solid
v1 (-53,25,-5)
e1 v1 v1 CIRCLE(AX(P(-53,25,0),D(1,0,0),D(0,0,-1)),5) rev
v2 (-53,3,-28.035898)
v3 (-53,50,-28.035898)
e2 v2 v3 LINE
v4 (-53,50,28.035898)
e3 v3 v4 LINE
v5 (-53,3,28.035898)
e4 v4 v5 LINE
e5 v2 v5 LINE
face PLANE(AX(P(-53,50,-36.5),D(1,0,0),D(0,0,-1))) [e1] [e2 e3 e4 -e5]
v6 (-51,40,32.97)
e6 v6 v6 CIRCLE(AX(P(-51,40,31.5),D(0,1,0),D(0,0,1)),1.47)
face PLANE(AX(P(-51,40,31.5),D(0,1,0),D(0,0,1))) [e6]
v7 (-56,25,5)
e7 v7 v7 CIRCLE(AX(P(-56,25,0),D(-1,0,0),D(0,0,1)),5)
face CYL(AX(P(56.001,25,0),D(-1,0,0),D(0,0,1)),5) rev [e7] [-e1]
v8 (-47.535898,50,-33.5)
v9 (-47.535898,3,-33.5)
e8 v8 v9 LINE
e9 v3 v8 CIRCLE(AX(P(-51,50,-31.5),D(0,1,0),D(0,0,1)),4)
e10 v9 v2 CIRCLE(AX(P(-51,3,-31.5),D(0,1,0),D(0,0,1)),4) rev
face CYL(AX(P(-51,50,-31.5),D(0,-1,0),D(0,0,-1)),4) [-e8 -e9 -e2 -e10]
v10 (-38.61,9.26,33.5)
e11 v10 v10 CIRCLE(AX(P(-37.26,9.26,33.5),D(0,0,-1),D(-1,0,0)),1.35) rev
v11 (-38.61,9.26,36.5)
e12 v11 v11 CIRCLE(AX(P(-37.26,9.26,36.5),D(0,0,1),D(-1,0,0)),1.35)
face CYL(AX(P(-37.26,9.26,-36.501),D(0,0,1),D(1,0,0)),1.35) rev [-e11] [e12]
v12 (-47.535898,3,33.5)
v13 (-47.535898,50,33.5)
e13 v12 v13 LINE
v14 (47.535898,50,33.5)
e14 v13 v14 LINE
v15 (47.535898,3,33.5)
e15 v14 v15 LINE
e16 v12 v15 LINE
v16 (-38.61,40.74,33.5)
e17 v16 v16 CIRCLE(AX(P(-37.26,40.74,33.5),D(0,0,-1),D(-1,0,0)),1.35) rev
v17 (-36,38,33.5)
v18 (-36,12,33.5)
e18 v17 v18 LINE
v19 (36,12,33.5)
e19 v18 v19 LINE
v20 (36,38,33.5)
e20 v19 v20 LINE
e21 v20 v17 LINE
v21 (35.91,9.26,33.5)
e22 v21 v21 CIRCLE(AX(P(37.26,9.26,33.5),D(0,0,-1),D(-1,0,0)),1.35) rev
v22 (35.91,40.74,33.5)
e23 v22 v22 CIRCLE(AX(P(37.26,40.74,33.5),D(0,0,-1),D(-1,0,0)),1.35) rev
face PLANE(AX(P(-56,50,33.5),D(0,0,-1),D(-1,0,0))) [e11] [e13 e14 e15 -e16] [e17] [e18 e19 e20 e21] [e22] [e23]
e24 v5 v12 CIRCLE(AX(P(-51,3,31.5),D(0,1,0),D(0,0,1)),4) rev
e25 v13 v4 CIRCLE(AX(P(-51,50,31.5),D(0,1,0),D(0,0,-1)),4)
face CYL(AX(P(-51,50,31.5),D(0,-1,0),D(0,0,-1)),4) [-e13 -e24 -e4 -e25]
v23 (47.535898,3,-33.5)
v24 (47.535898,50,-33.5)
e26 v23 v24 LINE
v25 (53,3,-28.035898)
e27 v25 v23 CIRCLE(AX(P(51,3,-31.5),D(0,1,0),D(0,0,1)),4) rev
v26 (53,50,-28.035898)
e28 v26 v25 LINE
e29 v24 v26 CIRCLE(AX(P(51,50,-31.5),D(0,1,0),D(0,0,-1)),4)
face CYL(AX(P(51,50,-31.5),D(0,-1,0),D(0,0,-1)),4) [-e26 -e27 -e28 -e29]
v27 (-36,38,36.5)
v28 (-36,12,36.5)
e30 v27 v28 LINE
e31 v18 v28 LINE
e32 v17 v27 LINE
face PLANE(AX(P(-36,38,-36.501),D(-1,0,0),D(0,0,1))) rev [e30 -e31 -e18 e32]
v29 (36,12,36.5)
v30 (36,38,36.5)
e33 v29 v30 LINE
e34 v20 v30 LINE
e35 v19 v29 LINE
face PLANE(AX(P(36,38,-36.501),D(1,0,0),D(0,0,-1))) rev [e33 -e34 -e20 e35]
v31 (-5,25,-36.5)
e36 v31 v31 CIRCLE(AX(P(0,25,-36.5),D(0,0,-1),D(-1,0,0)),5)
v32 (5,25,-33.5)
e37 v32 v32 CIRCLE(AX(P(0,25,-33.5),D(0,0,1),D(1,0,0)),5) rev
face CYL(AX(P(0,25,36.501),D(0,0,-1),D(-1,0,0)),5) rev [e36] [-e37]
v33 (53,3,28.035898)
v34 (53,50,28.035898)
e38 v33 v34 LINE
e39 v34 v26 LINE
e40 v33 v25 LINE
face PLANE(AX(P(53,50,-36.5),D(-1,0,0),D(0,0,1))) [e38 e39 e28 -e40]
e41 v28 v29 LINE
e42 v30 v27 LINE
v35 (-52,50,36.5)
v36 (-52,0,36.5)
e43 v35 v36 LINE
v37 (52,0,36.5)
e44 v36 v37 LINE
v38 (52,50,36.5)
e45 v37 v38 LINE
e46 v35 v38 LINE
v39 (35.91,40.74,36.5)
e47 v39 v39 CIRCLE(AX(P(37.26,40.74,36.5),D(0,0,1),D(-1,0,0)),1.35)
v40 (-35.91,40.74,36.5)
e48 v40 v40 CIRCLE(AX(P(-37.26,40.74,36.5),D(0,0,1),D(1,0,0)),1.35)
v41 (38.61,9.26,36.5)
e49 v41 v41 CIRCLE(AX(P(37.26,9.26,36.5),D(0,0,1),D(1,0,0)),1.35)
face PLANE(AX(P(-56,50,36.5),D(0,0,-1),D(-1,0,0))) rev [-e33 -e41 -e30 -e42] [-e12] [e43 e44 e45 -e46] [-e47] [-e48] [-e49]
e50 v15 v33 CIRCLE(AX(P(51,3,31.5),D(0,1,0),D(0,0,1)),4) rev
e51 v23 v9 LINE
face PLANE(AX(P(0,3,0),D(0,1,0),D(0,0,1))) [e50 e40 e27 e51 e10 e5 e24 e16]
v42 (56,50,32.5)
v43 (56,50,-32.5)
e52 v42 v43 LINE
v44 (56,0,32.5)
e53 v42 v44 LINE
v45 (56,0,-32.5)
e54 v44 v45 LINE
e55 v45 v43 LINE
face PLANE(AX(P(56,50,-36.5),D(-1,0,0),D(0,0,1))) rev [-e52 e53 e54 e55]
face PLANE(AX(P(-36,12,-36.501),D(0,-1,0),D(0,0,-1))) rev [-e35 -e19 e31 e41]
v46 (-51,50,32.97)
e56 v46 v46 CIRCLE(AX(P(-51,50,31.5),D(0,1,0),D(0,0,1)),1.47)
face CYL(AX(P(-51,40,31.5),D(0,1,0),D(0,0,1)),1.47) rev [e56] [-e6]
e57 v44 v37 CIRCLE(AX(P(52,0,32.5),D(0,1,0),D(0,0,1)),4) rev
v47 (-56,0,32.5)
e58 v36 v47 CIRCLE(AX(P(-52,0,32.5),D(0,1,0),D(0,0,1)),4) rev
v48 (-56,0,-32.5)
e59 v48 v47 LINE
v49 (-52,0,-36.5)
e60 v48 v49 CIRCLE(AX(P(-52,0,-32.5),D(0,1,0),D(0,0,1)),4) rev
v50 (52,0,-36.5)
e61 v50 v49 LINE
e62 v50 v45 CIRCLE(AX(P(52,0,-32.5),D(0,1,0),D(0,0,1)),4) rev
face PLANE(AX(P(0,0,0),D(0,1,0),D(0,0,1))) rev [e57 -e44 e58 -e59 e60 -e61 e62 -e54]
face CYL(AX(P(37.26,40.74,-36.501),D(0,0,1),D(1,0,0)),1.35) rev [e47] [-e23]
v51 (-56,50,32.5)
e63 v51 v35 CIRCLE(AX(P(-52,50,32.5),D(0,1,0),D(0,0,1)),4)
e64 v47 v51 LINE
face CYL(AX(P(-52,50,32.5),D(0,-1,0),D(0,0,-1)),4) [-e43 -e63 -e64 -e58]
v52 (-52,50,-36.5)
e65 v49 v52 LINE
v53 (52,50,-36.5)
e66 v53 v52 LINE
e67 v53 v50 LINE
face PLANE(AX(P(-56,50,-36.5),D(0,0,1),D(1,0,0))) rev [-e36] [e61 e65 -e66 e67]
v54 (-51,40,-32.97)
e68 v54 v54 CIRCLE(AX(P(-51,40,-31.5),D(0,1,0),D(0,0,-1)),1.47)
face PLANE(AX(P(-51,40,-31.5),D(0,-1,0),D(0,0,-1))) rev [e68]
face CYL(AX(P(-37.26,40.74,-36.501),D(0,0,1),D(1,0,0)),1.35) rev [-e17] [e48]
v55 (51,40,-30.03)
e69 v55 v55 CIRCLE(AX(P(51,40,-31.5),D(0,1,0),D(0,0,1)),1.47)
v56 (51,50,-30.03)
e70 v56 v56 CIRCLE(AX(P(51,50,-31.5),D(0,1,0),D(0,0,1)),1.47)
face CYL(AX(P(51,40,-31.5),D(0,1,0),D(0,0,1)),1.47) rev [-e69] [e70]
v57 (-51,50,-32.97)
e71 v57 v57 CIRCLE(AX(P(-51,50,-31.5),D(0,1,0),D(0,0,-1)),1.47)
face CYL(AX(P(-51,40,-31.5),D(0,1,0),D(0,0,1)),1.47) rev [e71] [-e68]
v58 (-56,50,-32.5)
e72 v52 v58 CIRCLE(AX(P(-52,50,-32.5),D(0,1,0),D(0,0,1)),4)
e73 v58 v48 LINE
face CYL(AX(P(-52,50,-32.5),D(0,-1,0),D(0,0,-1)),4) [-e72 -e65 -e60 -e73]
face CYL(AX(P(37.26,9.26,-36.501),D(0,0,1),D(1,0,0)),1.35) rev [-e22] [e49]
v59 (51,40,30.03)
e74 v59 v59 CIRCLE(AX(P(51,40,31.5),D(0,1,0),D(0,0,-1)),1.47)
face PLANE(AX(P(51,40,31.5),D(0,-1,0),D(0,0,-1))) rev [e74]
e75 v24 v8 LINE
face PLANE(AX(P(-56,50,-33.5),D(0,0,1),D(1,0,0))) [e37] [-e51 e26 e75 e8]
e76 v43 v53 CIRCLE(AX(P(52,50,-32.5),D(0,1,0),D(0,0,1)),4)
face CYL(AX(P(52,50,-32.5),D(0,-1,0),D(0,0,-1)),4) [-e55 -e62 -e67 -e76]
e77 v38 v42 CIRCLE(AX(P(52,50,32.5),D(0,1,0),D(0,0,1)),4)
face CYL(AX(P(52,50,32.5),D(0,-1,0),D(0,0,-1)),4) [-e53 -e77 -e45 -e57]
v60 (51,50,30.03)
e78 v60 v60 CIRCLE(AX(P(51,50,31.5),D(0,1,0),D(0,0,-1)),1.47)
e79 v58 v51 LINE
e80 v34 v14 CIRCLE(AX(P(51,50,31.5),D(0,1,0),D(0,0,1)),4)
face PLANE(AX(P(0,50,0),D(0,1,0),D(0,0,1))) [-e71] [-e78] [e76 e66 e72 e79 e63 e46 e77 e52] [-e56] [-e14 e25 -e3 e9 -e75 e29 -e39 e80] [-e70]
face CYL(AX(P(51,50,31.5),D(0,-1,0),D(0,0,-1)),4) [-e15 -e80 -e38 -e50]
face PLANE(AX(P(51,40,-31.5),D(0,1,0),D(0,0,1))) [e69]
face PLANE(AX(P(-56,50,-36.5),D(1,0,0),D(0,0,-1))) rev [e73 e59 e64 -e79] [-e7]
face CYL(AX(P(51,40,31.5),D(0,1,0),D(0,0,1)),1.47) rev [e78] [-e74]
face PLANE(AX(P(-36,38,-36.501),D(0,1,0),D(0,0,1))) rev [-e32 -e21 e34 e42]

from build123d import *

# Parameters (mm, degrees)
SKETCH2_W           = 112
SKETCH2_H           = 73
BOSS_EXTRUDE1_DEPTH = 50
SHELL3_T            = -3
SKETCH5_R           = 4
BOSS_EXTRUDE2_DEPTH = 47.5
CUT_EXTRUDE1_REACH  = 75
SKETCH3_W           = 72
SKETCH3_H           = 26
SKETCH6_R           = 1.47
CUT_EXTRUDE2_DEPTH  = 10
FILLET1_R           = 4
CUT_EXTRUDE3_REACH  = 75
SKETCH7_R           = 1.35
CUT_EXTRUDE4_REACH  = 75
SKETCH8_R           = 5
CUT_EXTRUDE5_REACH  = 114
SKETCH9_R           = 5


with BuildPart() as part:
    # Sketch2 → Boss-Extrude1 (new body)
    with BuildSketch(Plane(origin=(0, 0, 0), x_dir=(1, 0, 0), z_dir=(0, 1, 0))):
        Rectangle(SKETCH2_W, SKETCH2_H)
    extrude(amount=BOSS_EXTRUDE1_DEPTH)

    # Shell3
    shell3_openings = [part.faces().sort_by_distance(p)[0] for p in [
        (0, 50, 0),
    ]]
    offset(amount=SHELL3_T, openings=shell3_openings, kind=Kind.INTERSECTION)

    # Sketch5 → Boss-Extrude2 (add)
    with BuildSketch(Plane(origin=(0, 2.5, 0), x_dir=(1, 0, 0), z_dir=(0, 1, 0))):
        with Locations((-51, 31.5)):
            Circle(SKETCH5_R)
        with Locations((-51, -31.5)):
            Circle(SKETCH5_R)
        with Locations((51, 31.5)):
            Circle(SKETCH5_R)
        with Locations((51, -31.5)):
            Circle(SKETCH5_R)
    extrude(amount=BOSS_EXTRUDE2_DEPTH)

    # Sketch3 → Cut-Extrude1 (cut, up to next)
    with BuildSketch(Plane.XY.offset(36.5), mode=Mode.PRIVATE) as cut_extrude1_sk1:
        with Locations((0, 25)):
            Rectangle(SKETCH3_W, SKETCH3_H)
    cut_extrude1_tool1 = extrude(cut_extrude1_sk1.sketch, amount=-CUT_EXTRUDE1_REACH, mode=Mode.PRIVATE) & part.part
    add(cut_extrude1_tool1.solids().sort_by_distance((0, 25, 36.5))[0], mode=Mode.SUBTRACT)

    # Sketch6 → Cut-Extrude2 (cut)
    with BuildSketch(Plane(origin=(0, 50, 0), x_dir=(1, 0, 0), z_dir=(0, 1, 0))):
        with Locations((51, 31.5)):
            Circle(SKETCH6_R)
        with Locations((51, -31.5)):
            Circle(SKETCH6_R)
        with Locations((-51, -31.5)):
            Circle(SKETCH6_R)
        with Locations((-51, 31.5)):
            Circle(SKETCH6_R)
    extrude(amount=-CUT_EXTRUDE2_DEPTH, mode=Mode.SUBTRACT)

    # Fillet1
    fillet1_edges = [part.edges().sort_by_distance(p)[0] for p in [
        (56, 25, 36.5),
        (-56, 25, 36.5),
        (-56, 25, -36.5),
        (56, 25, -36.5),
    ]]
    fillet(fillet1_edges, radius=FILLET1_R)

    # Sketch7 → Cut-Extrude3 (cut, up to next)
    with BuildSketch(Plane.XY.offset(36.5), mode=Mode.PRIVATE) as cut_extrude3_sk1:
        with Locations((-37.26, 40.74)):
            Circle(SKETCH7_R)
    cut_extrude3_tool1 = extrude(cut_extrude3_sk1.sketch, amount=-CUT_EXTRUDE3_REACH, mode=Mode.PRIVATE) & part.part
    add(cut_extrude3_tool1.solids().sort_by_distance((-37.26, 40.74, 36.5))[0], mode=Mode.SUBTRACT)
    # Sketch7 → Cut-Extrude3 (cut, up to next)
    with BuildSketch(Plane.XY.offset(36.5), mode=Mode.PRIVATE) as cut_extrude3_sk2:
        with Locations((-37.26, 9.26)):
            Circle(SKETCH7_R)
    cut_extrude3_tool2 = extrude(cut_extrude3_sk2.sketch, amount=-CUT_EXTRUDE3_REACH, mode=Mode.PRIVATE) & part.part
    add(cut_extrude3_tool2.solids().sort_by_distance((-37.26, 9.26, 36.5))[0], mode=Mode.SUBTRACT)
    # Sketch7 → Cut-Extrude3 (cut, up to next)
    with BuildSketch(Plane.XY.offset(36.5), mode=Mode.PRIVATE) as cut_extrude3_sk3:
        with Locations((37.26, 40.74)):
            Circle(SKETCH7_R)
    cut_extrude3_tool3 = extrude(cut_extrude3_sk3.sketch, amount=-CUT_EXTRUDE3_REACH, mode=Mode.PRIVATE) & part.part
    add(cut_extrude3_tool3.solids().sort_by_distance((37.26, 40.74, 36.5))[0], mode=Mode.SUBTRACT)
    # Sketch7 → Cut-Extrude3 (cut, up to next)
    with BuildSketch(Plane.XY.offset(36.5), mode=Mode.PRIVATE) as cut_extrude3_sk4:
        with Locations((37.26, 9.26)):
            Circle(SKETCH7_R)
    cut_extrude3_tool4 = extrude(cut_extrude3_sk4.sketch, amount=-CUT_EXTRUDE3_REACH, mode=Mode.PRIVATE) & part.part
    add(cut_extrude3_tool4.solids().sort_by_distance((37.26, 9.26, 36.5))[0], mode=Mode.SUBTRACT)

    # Sketch8 → Cut-Extrude4 (cut, up to next)
    with BuildSketch(Plane(origin=(0, 0, -36.5), x_dir=(-1, 0, 0), z_dir=(0, 0, -1)), mode=Mode.PRIVATE) as cut_extrude4_sk1:
        with Locations((0, 25)):
            Circle(SKETCH8_R)
    cut_extrude4_tool1 = extrude(cut_extrude4_sk1.sketch, amount=-CUT_EXTRUDE4_REACH, mode=Mode.PRIVATE) & part.part
    add(cut_extrude4_tool1.solids().sort_by_distance((0, 25, -36.5))[0], mode=Mode.SUBTRACT)

    # Sketch9 → Cut-Extrude5 (cut, up to next)
    with BuildSketch(Plane.ZY.offset(56), mode=Mode.PRIVATE) as cut_extrude5_sk1:
        with Locations((0, 25)):
            Circle(SKETCH9_R)
    cut_extrude5_tool1 = extrude(cut_extrude5_sk1.sketch, amount=-CUT_EXTRUDE5_REACH, mode=Mode.PRIVATE) & part.part
    add(cut_extrude5_tool1.solids().sort_by_distance((-56, 25, 0))[0], mode=Mode.SUBTRACT)


solid = part.part
